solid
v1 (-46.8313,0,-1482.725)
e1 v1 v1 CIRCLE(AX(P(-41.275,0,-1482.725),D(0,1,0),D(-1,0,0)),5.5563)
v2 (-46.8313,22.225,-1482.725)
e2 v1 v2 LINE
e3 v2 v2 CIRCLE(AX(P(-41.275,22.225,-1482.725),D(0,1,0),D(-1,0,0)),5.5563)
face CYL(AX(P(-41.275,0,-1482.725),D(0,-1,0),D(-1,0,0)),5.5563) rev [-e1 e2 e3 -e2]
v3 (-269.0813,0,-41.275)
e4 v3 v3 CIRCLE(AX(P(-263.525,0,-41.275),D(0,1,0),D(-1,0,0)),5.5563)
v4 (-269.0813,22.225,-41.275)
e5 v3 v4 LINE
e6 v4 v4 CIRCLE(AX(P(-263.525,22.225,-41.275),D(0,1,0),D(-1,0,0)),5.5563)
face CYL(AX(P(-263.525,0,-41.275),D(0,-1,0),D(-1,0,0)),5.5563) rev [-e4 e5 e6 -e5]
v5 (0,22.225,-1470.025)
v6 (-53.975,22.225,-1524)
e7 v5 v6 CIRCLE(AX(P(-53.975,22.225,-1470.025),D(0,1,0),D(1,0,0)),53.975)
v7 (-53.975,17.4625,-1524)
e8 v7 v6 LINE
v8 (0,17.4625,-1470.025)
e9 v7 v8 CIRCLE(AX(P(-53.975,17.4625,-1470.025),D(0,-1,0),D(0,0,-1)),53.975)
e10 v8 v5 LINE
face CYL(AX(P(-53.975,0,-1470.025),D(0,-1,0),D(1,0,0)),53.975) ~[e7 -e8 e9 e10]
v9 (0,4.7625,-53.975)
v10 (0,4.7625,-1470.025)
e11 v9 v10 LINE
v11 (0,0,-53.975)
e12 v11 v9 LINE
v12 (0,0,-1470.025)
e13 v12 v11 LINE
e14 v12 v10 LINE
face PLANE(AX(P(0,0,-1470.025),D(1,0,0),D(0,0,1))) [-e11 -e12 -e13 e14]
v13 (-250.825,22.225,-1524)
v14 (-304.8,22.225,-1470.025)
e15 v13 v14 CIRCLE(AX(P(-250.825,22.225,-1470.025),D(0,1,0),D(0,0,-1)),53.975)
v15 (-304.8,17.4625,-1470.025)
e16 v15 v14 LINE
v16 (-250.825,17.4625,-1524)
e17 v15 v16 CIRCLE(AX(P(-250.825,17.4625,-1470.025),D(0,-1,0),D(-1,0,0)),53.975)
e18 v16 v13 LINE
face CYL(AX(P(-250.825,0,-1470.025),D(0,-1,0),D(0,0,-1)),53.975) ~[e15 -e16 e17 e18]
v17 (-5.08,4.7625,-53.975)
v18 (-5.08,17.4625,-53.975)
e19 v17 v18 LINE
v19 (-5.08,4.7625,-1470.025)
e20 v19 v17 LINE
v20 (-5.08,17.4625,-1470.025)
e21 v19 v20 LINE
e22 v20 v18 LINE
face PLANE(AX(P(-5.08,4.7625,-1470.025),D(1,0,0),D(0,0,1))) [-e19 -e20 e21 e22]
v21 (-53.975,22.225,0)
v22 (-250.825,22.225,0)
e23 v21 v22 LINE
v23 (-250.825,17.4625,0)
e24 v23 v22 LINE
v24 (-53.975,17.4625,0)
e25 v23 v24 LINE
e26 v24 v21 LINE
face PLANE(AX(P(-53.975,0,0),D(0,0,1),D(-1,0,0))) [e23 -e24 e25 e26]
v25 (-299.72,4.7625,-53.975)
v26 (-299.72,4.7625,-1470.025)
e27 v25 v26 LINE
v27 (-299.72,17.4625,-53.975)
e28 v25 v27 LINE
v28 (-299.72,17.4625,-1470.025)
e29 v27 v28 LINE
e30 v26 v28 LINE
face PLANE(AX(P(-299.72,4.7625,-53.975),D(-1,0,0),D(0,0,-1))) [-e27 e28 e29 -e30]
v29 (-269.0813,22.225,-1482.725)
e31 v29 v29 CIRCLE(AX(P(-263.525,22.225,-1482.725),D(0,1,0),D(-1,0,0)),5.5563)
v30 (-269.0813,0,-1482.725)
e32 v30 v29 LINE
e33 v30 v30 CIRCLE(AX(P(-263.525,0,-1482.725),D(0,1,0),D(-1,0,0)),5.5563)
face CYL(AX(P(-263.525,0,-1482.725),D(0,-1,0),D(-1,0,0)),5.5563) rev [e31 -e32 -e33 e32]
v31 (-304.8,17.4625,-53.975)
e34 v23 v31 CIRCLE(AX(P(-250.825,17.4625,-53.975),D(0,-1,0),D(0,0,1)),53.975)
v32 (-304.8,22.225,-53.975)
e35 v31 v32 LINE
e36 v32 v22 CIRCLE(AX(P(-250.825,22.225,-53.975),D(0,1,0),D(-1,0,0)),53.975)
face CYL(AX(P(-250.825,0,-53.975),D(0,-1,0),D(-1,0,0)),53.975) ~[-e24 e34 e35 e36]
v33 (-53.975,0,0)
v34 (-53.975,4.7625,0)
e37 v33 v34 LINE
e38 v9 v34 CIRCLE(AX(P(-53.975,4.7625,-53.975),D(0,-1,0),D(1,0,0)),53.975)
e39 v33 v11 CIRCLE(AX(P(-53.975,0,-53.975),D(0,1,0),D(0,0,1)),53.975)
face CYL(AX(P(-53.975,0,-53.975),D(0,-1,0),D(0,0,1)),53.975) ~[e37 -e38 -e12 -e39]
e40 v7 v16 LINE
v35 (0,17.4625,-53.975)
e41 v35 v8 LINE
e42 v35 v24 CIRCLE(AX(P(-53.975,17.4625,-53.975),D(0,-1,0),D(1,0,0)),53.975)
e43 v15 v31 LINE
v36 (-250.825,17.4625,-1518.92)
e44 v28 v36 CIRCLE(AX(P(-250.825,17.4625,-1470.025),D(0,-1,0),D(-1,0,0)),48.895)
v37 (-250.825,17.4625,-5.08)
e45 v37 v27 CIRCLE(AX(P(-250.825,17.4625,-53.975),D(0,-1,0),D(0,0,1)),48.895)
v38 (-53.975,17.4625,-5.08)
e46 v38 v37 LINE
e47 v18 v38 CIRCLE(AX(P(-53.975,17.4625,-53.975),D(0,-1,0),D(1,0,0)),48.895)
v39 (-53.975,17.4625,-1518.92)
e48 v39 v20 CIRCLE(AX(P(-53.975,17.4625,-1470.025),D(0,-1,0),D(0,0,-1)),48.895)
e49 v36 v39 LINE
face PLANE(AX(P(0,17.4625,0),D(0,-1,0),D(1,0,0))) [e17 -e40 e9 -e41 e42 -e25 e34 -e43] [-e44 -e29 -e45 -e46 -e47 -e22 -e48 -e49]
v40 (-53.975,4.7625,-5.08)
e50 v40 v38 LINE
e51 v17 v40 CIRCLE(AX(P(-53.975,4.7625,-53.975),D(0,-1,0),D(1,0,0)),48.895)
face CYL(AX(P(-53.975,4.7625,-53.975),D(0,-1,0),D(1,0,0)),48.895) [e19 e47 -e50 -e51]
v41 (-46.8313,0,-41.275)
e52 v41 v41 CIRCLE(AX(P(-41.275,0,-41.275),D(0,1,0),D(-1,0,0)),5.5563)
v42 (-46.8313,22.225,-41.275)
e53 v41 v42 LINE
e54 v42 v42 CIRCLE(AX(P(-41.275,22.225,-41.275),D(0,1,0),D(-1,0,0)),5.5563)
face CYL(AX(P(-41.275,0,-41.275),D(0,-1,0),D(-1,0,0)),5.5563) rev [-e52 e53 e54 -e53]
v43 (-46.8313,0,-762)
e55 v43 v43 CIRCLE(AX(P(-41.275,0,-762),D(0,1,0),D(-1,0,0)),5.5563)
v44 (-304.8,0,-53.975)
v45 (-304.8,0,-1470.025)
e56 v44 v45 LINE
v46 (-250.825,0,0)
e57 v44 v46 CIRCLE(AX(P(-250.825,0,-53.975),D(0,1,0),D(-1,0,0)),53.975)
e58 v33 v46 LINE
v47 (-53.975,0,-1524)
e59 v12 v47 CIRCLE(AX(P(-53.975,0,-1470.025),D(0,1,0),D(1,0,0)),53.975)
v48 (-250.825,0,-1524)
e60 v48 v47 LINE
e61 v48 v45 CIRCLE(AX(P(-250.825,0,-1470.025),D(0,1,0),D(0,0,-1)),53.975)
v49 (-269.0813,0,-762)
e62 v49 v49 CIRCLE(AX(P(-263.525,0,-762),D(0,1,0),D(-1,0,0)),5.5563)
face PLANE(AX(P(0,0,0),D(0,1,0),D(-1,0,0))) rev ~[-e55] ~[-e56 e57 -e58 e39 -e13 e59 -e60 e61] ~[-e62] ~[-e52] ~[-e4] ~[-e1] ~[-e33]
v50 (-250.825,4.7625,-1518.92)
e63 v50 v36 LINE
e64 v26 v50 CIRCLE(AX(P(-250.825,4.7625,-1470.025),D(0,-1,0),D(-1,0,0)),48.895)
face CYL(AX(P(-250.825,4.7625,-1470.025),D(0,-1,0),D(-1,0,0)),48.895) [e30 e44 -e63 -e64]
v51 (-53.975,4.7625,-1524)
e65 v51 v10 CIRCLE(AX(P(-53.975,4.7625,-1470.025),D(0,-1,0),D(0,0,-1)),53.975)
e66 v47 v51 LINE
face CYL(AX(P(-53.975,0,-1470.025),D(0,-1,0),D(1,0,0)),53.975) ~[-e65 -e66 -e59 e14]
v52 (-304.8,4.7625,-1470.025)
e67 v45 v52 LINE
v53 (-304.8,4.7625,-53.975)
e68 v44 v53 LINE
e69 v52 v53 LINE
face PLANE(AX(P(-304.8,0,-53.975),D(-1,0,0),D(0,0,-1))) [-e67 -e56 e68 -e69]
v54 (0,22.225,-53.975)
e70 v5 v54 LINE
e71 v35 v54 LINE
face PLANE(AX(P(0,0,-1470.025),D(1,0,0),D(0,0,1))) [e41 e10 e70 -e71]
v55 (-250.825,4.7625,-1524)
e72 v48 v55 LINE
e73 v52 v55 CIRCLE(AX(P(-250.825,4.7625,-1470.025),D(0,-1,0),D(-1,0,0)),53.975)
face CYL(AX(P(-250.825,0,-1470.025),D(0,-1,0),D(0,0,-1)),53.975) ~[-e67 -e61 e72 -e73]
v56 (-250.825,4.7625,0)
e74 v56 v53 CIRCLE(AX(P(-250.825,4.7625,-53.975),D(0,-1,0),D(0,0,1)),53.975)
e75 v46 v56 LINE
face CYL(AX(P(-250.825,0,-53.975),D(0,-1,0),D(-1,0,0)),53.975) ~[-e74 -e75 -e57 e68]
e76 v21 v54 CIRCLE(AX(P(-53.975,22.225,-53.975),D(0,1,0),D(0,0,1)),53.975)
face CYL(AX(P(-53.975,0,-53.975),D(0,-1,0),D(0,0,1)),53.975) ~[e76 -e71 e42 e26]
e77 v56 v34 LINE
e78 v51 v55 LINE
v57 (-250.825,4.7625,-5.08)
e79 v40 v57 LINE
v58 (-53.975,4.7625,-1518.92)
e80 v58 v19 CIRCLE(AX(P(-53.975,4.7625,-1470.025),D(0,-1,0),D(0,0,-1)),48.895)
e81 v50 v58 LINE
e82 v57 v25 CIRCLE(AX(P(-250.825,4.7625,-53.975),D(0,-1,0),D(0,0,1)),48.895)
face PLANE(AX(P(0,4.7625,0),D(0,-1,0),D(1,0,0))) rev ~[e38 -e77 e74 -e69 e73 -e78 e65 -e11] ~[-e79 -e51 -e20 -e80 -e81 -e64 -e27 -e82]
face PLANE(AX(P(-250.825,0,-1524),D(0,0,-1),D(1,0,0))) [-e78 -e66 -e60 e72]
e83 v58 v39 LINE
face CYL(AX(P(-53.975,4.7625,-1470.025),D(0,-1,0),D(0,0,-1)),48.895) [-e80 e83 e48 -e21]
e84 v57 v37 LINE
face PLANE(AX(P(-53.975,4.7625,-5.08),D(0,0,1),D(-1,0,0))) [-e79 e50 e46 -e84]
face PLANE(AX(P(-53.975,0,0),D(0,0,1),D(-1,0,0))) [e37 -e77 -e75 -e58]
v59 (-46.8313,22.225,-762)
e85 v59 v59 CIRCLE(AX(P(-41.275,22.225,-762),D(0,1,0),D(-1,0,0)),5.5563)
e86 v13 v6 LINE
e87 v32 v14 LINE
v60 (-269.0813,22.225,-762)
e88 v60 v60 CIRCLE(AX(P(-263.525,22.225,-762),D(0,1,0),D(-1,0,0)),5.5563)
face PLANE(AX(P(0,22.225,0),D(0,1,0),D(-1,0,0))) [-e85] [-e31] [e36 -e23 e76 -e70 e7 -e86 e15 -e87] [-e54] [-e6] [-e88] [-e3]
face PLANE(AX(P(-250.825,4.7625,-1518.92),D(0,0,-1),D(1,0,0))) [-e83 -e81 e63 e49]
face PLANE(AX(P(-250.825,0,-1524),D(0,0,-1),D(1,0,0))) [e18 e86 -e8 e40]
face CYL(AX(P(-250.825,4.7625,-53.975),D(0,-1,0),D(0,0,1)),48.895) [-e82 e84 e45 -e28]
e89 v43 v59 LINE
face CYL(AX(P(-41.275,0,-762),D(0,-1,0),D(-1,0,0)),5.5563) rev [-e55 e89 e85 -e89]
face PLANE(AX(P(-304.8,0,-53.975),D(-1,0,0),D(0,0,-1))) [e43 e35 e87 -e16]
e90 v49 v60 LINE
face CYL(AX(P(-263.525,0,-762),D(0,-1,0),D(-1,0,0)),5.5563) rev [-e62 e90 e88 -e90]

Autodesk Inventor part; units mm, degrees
ref_plane "YZ Plane" through (0, 0, 0) normal (1, 0, 0) x (0, 1, 0)
ref_plane "XZ Plane" through (0, 0, 0) normal (0, 1, 0) x (-1, 0, 0)
ref_plane "XY Plane" through (0, 0, 0) normal (0, 0, 1) x (1, 0, 0)
sketch "Sketch1" plane through (0, 0, 0) normal (0, 1, 0) x (-1, 0, 0)
  line L0 (53.975, 0) -> (250.825, 0)
  line L1 (304.8, -53.975) -> (304.8, -1470.025)
  line L2 (250.825, -1524) -> (53.975, -1524)
  line L3 (0, -1470.025) -> (0, -53.975)
  circle A0 centre (263.525, -41.275) radius 5.5563
  circle A1 centre (263.525, -762) radius 5.5563
  circle A2 centre (263.525, -1482.725) radius 5.5563
  circle A3 centre (41.275, -41.275) radius 5.5563
  circle A4 centre (41.275, -762) radius 5.5563
  circle A5 centre (41.275, -1482.725) radius 5.5563
  arc A6 (304.8, -53.975) -> (250.825, 0) centre (250.825, -53.975) ccw
  arc A7 (0, -1470.025) -> (53.975, -1524) centre (53.975, -1470.025) ccw
  arc A8 (250.825, -1524) -> (304.8, -1470.025) centre (250.825, -1470.025) ccw
  arc A9 (53.975, 0) -> (0, -53.975) centre (53.975, -53.975) ccw
  point P0 (0, 0)
  point P1 (304.8, -1524)
  point P2 (0, -1524)
  dimension "d0" = 304.8
  dimension "d1" = 1524
  dimension "d2" = 11.1125
  dimension "d5" = 720.725
  dimension "d8" = 222.25
  dimension "d11" = 41.275
  dimension "d12" = 41.275
  dimension "d13" = 53.975
extrude "Extrusion1" add sketch "Sketch1" along normal blind 22.225
ref_plane "Work Plane3" through (0, 17.4625, 0) normal (0, 1, 0) x (1, 0, 0)
sketch "Sketch2" plane through (0, 17.4625, 0) normal (0, 1, 0) x (1, 0, 0)
  circle A0 centre (-41.275, 1482.725) radius 5.5562 projected
  circle A1 centre (-41.275, 762) radius 5.5562 projected
  circle A2 centre (-41.275, 41.275) radius 5.5562 projected
  circle A3 centre (-263.525, 1482.725) radius 5.5562 projected
  circle A4 centre (-263.525, 762) radius 5.5562 projected
  circle A5 centre (-263.525, 41.275) radius 5.5562 projected
  line L0 (-250.825, 0) -> (-53.975, 0) projected
  arc A6 (-53.975, 0) -> (0, 53.975) centre (-53.975, 53.975) ccw projected
  line L1 (0, 53.975) -> (0, 1470.025) projected
  arc A7 (0, 1470.025) -> (-53.975, 1524) centre (-53.975, 1470.025) ccw projected
  line L2 (-53.975, 1524) -> (-250.825, 1524) projected
  arc A8 (-250.825, 1524) -> (-304.8, 1470.025) centre (-250.825, 1470.025) ccw projected
  line L3 (-304.8, 1470.025) -> (-304.8, 53.975) projected
  arc A9 (-304.8, 53.975) -> (-250.825, 0) centre (-250.825, 53.975) ccw projected
  line L4 (0, 53.975) -> (0, 1470.025)
  arc A10 (-250.825, 1524) -> (-304.8, 1470.025) centre (-250.825, 1470.025) ccw projected
  line L5 (-53.975, 1524) -> (-250.825, 1524)
  line L6 (-304.8, 1470.025) -> (-304.8, 53.975) projected
  line L7 (-304.8, 1470.025) -> (-304.8, 53.975)
  line L8 (-250.825, 0) -> (-53.975, 0)
  point P0 (0, 0)
ref_plane "Work Plane4" through (0, 4.7625, 0) normal (0, -1, 0) x (1, 0, 0)
sketch "Sketch3" plane through (0, 4.7625, 0) normal (0, -1, 0) x (1, 0, 0)
  circle A0 centre (-41.275, -1482.725) radius 5.5562 projected
  circle A1 centre (-41.275, -762) radius 5.5562 projected
  circle A2 centre (-41.275, -41.275) radius 5.5562 projected
  circle A3 centre (-263.525, -1482.725) radius 5.5562 projected
  circle A4 centre (-263.525, -762) radius 5.5562 projected
  circle A5 centre (-263.525, -41.275) radius 5.5562 projected
  line L0 (-250.825, 0) -> (-53.975, 0) projected
  arc A6 (0, -53.975) -> (-53.975, 0) centre (-53.975, -53.975) ccw projected
  line L1 (0, -53.975) -> (0, -1470.025) projected
  arc A7 (-53.975, -1524) -> (0, -1470.025) centre (-53.975, -1470.025) ccw projected
  line L2 (-53.975, -1524) -> (-250.825, -1524) projected
  arc A8 (-304.8, -1470.025) -> (-250.825, -1524) centre (-250.825, -1470.025) ccw projected
  line L3 (-304.8, -1470.025) -> (-304.8, -53.975) projected
  arc A9 (-250.825, 0) -> (-304.8, -53.975) centre (-250.825, -53.975) ccw projected
  line L4 (-299.72, -53.975) -> (-299.72, -1470.025)
  arc A10 (-299.72, -1470.025) -> (-250.825, -1518.92) centre (-250.825, -1470.025) ccw
  line L5 (-250.825, -1518.92) -> (-53.975, -1518.92)
  arc A11 (-53.975, -1518.92) -> (-5.08, -1470.025) centre (-53.975, -1470.025) ccw
  line L6 (-5.08, -1470.025) -> (-5.08, -53.975)
  arc A12 (-5.08, -53.975) -> (-53.975, -5.08) centre (-53.975, -53.975) ccw
  line L7 (-53.975, -5.08) -> (-250.825, -5.08)
  arc A13 (-250.825, -5.08) -> (-299.72, -53.975) centre (-250.825, -53.975) ccw
  point P0 (0, 0)
  dimension "d26" = 5.08
sketch "Sketch8" plane through (0, 22.225, 0) normal (0, 1, 0) x (1, 0, 0)
  arc A0 (-53.975, 0) -> (0, 53.975) centre (-53.975, 53.975) ccw projected
  line L0 (-250.825, 0) -> (-53.975, 0) projected
  line L1 (-53.975, 0) -> (-250.825, 0)
  arc A1 (-304.8, 53.975) -> (-250.825, 0) centre (-250.825, 53.975) ccw projected
  arc A2 (-250.825, 1524) -> (-304.8, 1470.025) centre (-250.825, 1470.025) ccw projected
  line L2 (-304.8, 53.975) -> (-304.8, 1470.025)
  line L3 (-53.975, 1524) -> (-250.825, 1524) projected
  line L4 (-250.825, 1524) -> (-53.975, 1524)
  arc A3 (0, 1470.025) -> (-53.975, 1524) centre (-53.975, 1470.025) ccw projected
  line L5 (0, 1470.025) -> (0, 53.975)
  arc A4 (-53.975, 0) -> (0, 53.975) centre (-53.975, 53.975) ccw
  arc A5 (-304.8, 53.975) -> (-250.825, 0) centre (-250.825, 53.975) ccw
  arc A6 (-250.825, 1524) -> (-304.8, 1470.025) centre (-250.825, 1470.025) ccw
  arc A7 (0, 1470.025) -> (-53.975, 1524) centre (-53.975, 1470.025) ccw
  line L6 (-299.72, 1470.025) -> (-299.72, 53.975)
  arc A8 (-299.72, 53.975) -> (-250.825, 5.08) centre (-250.825, 53.975) ccw
  line L7 (-250.825, 5.08) -> (-53.975, 5.08)
  arc A9 (-53.975, 5.08) -> (-5.08, 53.975) centre (-53.975, 53.975) ccw
  line L8 (-5.08, 53.975) -> (-5.08, 1470.025)
  arc A10 (-5.08, 1470.025) -> (-53.975, 1518.92) centre (-53.975, 1470.025) ccw
  line L9 (-53.975, 1518.92) -> (-250.825, 1518.92)
  arc A11 (-250.825, 1518.92) -> (-299.72, 1470.025) centre (-250.825, 1470.025) ccw
  point P0 (0, 0)
  dimension "d25" = 5.08
extrude "Extrusion2" cut sketch "Sketch3" against normal blind 12.7 contours L0 A6 L1 A7 L2 A8 L3 A9
properties part number "EtgSignModV2"
